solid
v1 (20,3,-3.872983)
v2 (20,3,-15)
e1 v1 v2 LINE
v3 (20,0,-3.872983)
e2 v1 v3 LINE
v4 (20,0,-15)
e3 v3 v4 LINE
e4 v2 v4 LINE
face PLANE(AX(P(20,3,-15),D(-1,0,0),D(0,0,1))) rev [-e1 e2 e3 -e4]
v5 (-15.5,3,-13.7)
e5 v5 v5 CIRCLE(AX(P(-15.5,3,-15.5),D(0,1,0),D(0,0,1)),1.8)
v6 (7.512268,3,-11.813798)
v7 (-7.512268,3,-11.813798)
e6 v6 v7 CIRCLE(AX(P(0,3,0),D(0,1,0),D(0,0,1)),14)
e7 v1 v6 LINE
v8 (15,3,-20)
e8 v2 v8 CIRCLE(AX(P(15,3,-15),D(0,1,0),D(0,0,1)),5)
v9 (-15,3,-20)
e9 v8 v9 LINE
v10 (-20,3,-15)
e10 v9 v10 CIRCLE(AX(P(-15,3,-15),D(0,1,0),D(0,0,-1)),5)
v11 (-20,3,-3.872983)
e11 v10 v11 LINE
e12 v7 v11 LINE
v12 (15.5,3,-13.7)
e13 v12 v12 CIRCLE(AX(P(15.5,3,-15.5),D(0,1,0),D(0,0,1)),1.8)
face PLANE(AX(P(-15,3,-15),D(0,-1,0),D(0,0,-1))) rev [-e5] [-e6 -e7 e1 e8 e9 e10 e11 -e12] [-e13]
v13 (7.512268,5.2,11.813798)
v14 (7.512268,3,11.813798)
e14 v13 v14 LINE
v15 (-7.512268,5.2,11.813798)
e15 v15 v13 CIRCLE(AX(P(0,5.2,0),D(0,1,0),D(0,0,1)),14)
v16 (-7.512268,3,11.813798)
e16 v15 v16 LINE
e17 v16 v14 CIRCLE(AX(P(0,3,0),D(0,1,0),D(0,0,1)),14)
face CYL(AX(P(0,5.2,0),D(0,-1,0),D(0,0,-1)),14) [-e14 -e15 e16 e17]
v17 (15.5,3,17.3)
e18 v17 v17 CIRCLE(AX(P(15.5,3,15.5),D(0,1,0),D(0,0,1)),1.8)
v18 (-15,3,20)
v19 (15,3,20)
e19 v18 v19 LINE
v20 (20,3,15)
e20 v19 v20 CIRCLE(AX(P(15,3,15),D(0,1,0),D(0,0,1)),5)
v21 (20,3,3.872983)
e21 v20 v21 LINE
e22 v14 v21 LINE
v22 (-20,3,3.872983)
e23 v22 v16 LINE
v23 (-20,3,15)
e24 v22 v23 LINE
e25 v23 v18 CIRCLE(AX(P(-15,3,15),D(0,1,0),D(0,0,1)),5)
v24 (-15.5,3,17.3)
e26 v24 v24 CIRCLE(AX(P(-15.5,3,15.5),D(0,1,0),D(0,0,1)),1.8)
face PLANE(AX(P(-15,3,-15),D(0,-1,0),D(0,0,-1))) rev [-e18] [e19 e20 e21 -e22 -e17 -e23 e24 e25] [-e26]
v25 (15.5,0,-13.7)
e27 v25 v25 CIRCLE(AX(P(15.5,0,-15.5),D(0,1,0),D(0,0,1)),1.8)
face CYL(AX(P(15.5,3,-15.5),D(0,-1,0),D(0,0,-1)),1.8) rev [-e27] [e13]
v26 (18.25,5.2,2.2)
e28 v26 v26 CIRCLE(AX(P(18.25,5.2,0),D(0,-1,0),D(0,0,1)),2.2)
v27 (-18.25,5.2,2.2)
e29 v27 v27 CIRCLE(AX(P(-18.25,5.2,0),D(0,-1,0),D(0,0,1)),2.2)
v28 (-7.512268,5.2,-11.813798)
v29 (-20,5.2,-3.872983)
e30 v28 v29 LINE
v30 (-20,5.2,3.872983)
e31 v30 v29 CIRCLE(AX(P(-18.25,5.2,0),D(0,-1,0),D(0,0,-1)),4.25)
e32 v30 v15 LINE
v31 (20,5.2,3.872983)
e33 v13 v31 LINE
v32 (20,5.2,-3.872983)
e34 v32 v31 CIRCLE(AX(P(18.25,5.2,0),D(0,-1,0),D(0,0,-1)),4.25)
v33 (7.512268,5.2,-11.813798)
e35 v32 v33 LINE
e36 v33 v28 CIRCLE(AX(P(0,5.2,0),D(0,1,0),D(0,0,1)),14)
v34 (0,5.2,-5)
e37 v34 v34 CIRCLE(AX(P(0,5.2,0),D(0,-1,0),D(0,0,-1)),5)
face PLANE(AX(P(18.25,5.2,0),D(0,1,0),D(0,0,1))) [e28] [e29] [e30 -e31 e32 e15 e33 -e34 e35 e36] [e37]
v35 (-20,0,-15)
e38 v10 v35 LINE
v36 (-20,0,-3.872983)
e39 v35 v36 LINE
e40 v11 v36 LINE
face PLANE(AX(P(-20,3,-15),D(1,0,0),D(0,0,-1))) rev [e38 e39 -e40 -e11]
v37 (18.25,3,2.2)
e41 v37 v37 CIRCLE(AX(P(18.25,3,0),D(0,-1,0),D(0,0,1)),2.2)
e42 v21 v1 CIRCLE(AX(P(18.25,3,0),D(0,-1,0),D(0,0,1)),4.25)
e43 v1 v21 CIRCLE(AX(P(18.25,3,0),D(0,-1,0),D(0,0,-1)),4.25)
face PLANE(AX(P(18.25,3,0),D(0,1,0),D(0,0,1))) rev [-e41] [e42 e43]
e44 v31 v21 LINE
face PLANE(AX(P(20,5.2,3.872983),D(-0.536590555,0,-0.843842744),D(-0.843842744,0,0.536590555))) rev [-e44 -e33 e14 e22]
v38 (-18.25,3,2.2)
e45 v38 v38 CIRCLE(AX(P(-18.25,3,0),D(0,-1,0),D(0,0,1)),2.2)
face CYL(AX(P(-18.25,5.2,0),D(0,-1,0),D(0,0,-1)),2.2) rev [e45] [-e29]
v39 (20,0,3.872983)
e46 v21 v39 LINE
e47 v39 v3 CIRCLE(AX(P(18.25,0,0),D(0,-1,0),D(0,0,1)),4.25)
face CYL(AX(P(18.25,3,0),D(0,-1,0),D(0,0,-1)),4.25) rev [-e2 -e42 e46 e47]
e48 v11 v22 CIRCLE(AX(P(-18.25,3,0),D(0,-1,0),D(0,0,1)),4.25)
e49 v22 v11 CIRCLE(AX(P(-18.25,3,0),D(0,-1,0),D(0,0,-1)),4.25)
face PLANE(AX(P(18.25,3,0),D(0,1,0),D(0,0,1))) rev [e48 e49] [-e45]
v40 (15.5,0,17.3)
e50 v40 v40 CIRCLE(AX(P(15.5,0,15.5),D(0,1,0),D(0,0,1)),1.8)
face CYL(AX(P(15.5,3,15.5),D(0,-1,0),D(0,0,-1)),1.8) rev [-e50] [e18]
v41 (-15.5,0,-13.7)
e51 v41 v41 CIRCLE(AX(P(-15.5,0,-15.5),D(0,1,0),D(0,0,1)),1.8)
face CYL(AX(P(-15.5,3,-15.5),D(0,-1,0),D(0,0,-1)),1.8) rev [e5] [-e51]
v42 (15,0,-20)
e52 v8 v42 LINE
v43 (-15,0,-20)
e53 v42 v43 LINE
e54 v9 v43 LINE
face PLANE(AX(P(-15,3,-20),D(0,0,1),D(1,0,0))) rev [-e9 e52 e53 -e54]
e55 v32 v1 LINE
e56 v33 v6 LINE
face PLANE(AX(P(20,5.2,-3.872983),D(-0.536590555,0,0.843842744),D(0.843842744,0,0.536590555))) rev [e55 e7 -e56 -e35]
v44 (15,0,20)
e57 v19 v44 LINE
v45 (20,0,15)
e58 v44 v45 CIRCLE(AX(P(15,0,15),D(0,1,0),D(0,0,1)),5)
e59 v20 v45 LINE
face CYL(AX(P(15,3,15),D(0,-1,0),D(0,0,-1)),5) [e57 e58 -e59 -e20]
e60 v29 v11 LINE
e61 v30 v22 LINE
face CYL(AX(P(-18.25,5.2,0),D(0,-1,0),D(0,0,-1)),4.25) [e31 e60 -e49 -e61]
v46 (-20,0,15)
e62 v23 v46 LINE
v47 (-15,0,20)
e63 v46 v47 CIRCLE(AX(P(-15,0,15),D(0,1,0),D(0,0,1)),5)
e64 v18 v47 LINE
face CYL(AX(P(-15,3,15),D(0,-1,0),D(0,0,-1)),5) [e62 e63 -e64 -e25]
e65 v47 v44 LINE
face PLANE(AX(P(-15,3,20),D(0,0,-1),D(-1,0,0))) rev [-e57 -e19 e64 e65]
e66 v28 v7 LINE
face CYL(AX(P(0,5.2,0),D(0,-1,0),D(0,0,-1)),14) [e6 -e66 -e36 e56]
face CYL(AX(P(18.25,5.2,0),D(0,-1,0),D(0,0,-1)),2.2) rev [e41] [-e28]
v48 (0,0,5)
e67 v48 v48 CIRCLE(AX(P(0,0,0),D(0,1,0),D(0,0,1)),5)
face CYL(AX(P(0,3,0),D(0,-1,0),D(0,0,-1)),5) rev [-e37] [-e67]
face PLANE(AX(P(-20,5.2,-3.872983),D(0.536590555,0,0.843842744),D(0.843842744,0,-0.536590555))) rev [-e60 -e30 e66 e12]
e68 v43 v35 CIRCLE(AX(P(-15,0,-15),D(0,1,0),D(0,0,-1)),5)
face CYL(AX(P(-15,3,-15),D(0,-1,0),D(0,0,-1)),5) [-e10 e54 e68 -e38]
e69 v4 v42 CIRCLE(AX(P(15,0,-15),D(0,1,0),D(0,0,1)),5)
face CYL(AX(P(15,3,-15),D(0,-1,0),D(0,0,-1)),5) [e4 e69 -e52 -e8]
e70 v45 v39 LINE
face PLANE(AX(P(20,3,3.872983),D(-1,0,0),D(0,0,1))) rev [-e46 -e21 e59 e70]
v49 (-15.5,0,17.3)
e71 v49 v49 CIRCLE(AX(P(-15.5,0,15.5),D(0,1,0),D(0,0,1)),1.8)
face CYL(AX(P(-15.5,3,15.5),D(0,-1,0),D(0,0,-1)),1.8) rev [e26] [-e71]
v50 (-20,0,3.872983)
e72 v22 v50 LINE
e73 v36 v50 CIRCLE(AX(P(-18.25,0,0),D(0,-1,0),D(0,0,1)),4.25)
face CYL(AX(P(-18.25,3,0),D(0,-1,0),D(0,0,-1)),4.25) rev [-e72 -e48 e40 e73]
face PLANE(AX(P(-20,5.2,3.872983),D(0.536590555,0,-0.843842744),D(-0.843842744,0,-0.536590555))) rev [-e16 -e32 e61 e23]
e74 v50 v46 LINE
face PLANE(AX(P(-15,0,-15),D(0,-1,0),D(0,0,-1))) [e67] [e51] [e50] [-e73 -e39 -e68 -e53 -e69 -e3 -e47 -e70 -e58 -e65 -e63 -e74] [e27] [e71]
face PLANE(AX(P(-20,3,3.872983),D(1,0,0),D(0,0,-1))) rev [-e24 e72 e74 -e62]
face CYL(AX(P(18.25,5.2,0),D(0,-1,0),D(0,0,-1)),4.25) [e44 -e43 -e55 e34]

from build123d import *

# Parameters (mm, degrees)
SKETCH_1_R          = 1.8
SKETCH_1_R_2        = 5
EXTRUDE_1_DEPTH     = 3
EXTRUDE_2_DEPTH     = 2.2
SKETCH_3_R          = 5
CUT_EXTRUDE_1_DEPTH = 2.2
EXTRUDE_4_DEPTH     = 2.2
EXTRUDE_5_DEPTH     = 2.2


with BuildPart() as part:
    # 草图1 → 凸台-拉伸1 (new body)
    with BuildSketch(Plane(origin=(0, 0, 0), x_dir=(1, 0, 0), z_dir=(0, 1, 0))):
        with BuildLine():
            Line((20, -3.872983346), (20, -15))
            ThreePointArc((20, -15), (18.535533906, -18.535533906), (15, -20))
            Line((15, -20), (-15, -20))
            ThreePointArc((-15, -20), (-18.535533906, -18.535533906), (-20, -15))
            Line((-20, -15), (-20, -3.872983346))
            ThreePointArc((-20, -3.872983346), (-14, 0), (-20, 3.872983346))
            Line((-20, 3.872983346), (-20, 15))
            ThreePointArc((-20, 15), (-18.535533906, 18.535533906), (-15, 20))
            Line((-15, 20), (15, 20))
            ThreePointArc((15, 20), (18.535533906, 18.535533906), (20, 15))
            Line((20, 15), (20, 3.872983346))
            ThreePointArc((20, 3.872983346), (14, 0), (20, -3.872983346))
        make_face()
        with Locations(Location((-15.5, 15.5, 0), (0, 0, 270))):
            Circle(SKETCH_1_R, mode=Mode.SUBTRACT)
        with Locations(Location((15.5, 15.5, 0), (0, 0, 270))):
            Circle(SKETCH_1_R, mode=Mode.SUBTRACT)
        with Locations(Location((-15.5, -15.5, 0), (0, 0, 270))):
            Circle(SKETCH_1_R, mode=Mode.SUBTRACT)
        with Locations(Location((15.5, -15.5, 0), (0, 0, 270))):
            Circle(SKETCH_1_R, mode=Mode.SUBTRACT)
        with Locations(Location((0, 0, 0), (0, 0, 270))):
            Circle(SKETCH_1_R_2, mode=Mode.SUBTRACT)
    extrude(amount=EXTRUDE_1_DEPTH)

    # 草图2 → 凸台-拉伸2 (add)
    with BuildSketch(Plane(origin=(0, 3, 0), x_dir=(1, 0, 0), z_dir=(0, 1, 0))):
        with BuildLine():
            Line((-20, 3.872983346), (-7.512267775, 11.81379841))
            ThreePointArc((-7.512267775, 11.81379841), (0, 14), (7.512267775, 11.81379841))
            Line((7.512267775, 11.81379841), (20, 3.872983346))
            Line((20, 3.872983346), (20, 1.333229163))
            ThreePointArc((20, 1.333229163), (16.05, 0), (20, -1.333229163))
            Line((20, -1.333229163), (20, -3.872983346))
            Line((20, -3.872983346), (7.512267775, -11.81379841))
            ThreePointArc((7.512267775, -11.81379841), (0, -14), (-7.512267775, -11.81379841))
            Line((-7.512267775, -11.81379841), (-20, -3.872983346))
            Line((-20, -3.872983346), (-20, -1.333229163))
            ThreePointArc((-20, -1.333229163), (-16.05, 0), (-20, 1.333229163))
            Line((-20, 1.333229163), (-20, 3.872983346))
        make_face()
    extrude(amount=EXTRUDE_2_DEPTH)

    # 草图3 → 切除-拉伸1 (cut)
    with BuildSketch(Plane.XZ.offset(-3)):
        with Locations(Location((0, 0, 0), (0, 0, 270))):
            Circle(SKETCH_3_R)
    extrude(amount=-CUT_EXTRUDE_1_DEPTH, mode=Mode.SUBTRACT)

    # 草图4 → 凸台-拉伸4 (add)
    with BuildSketch(Plane.XZ.offset(-3)):
        with BuildLine():
            Line((20, 3.872983346), (20, 1.333229163))
            ThreePointArc((20, 1.333229163), (20.45, 0), (20, -1.333229163))
            Line((20, -1.333229163), (20, -3.872983346))
            ThreePointArc((20, -3.872983346), (22.5, 0), (20, 3.872983346))
        make_face()
    extrude(amount=-EXTRUDE_4_DEPTH)

    # 草图5 → 凸台-拉伸5 (add)
    with BuildSketch(Plane.XZ.offset(-3)):
        with BuildLine():
            Line((-20, 3.872983346), (-20, 1.333229163))
            ThreePointArc((-20, 1.333229163), (-20.45, 0), (-20, -1.333229163))
            Line((-20, -1.333229163), (-20, -3.872983346))
            ThreePointArc((-20, -3.872983346), (-22.5, 0), (-20, 3.872983346))
        make_face()
    extrude(amount=-EXTRUDE_5_DEPTH)


solid = part.part
